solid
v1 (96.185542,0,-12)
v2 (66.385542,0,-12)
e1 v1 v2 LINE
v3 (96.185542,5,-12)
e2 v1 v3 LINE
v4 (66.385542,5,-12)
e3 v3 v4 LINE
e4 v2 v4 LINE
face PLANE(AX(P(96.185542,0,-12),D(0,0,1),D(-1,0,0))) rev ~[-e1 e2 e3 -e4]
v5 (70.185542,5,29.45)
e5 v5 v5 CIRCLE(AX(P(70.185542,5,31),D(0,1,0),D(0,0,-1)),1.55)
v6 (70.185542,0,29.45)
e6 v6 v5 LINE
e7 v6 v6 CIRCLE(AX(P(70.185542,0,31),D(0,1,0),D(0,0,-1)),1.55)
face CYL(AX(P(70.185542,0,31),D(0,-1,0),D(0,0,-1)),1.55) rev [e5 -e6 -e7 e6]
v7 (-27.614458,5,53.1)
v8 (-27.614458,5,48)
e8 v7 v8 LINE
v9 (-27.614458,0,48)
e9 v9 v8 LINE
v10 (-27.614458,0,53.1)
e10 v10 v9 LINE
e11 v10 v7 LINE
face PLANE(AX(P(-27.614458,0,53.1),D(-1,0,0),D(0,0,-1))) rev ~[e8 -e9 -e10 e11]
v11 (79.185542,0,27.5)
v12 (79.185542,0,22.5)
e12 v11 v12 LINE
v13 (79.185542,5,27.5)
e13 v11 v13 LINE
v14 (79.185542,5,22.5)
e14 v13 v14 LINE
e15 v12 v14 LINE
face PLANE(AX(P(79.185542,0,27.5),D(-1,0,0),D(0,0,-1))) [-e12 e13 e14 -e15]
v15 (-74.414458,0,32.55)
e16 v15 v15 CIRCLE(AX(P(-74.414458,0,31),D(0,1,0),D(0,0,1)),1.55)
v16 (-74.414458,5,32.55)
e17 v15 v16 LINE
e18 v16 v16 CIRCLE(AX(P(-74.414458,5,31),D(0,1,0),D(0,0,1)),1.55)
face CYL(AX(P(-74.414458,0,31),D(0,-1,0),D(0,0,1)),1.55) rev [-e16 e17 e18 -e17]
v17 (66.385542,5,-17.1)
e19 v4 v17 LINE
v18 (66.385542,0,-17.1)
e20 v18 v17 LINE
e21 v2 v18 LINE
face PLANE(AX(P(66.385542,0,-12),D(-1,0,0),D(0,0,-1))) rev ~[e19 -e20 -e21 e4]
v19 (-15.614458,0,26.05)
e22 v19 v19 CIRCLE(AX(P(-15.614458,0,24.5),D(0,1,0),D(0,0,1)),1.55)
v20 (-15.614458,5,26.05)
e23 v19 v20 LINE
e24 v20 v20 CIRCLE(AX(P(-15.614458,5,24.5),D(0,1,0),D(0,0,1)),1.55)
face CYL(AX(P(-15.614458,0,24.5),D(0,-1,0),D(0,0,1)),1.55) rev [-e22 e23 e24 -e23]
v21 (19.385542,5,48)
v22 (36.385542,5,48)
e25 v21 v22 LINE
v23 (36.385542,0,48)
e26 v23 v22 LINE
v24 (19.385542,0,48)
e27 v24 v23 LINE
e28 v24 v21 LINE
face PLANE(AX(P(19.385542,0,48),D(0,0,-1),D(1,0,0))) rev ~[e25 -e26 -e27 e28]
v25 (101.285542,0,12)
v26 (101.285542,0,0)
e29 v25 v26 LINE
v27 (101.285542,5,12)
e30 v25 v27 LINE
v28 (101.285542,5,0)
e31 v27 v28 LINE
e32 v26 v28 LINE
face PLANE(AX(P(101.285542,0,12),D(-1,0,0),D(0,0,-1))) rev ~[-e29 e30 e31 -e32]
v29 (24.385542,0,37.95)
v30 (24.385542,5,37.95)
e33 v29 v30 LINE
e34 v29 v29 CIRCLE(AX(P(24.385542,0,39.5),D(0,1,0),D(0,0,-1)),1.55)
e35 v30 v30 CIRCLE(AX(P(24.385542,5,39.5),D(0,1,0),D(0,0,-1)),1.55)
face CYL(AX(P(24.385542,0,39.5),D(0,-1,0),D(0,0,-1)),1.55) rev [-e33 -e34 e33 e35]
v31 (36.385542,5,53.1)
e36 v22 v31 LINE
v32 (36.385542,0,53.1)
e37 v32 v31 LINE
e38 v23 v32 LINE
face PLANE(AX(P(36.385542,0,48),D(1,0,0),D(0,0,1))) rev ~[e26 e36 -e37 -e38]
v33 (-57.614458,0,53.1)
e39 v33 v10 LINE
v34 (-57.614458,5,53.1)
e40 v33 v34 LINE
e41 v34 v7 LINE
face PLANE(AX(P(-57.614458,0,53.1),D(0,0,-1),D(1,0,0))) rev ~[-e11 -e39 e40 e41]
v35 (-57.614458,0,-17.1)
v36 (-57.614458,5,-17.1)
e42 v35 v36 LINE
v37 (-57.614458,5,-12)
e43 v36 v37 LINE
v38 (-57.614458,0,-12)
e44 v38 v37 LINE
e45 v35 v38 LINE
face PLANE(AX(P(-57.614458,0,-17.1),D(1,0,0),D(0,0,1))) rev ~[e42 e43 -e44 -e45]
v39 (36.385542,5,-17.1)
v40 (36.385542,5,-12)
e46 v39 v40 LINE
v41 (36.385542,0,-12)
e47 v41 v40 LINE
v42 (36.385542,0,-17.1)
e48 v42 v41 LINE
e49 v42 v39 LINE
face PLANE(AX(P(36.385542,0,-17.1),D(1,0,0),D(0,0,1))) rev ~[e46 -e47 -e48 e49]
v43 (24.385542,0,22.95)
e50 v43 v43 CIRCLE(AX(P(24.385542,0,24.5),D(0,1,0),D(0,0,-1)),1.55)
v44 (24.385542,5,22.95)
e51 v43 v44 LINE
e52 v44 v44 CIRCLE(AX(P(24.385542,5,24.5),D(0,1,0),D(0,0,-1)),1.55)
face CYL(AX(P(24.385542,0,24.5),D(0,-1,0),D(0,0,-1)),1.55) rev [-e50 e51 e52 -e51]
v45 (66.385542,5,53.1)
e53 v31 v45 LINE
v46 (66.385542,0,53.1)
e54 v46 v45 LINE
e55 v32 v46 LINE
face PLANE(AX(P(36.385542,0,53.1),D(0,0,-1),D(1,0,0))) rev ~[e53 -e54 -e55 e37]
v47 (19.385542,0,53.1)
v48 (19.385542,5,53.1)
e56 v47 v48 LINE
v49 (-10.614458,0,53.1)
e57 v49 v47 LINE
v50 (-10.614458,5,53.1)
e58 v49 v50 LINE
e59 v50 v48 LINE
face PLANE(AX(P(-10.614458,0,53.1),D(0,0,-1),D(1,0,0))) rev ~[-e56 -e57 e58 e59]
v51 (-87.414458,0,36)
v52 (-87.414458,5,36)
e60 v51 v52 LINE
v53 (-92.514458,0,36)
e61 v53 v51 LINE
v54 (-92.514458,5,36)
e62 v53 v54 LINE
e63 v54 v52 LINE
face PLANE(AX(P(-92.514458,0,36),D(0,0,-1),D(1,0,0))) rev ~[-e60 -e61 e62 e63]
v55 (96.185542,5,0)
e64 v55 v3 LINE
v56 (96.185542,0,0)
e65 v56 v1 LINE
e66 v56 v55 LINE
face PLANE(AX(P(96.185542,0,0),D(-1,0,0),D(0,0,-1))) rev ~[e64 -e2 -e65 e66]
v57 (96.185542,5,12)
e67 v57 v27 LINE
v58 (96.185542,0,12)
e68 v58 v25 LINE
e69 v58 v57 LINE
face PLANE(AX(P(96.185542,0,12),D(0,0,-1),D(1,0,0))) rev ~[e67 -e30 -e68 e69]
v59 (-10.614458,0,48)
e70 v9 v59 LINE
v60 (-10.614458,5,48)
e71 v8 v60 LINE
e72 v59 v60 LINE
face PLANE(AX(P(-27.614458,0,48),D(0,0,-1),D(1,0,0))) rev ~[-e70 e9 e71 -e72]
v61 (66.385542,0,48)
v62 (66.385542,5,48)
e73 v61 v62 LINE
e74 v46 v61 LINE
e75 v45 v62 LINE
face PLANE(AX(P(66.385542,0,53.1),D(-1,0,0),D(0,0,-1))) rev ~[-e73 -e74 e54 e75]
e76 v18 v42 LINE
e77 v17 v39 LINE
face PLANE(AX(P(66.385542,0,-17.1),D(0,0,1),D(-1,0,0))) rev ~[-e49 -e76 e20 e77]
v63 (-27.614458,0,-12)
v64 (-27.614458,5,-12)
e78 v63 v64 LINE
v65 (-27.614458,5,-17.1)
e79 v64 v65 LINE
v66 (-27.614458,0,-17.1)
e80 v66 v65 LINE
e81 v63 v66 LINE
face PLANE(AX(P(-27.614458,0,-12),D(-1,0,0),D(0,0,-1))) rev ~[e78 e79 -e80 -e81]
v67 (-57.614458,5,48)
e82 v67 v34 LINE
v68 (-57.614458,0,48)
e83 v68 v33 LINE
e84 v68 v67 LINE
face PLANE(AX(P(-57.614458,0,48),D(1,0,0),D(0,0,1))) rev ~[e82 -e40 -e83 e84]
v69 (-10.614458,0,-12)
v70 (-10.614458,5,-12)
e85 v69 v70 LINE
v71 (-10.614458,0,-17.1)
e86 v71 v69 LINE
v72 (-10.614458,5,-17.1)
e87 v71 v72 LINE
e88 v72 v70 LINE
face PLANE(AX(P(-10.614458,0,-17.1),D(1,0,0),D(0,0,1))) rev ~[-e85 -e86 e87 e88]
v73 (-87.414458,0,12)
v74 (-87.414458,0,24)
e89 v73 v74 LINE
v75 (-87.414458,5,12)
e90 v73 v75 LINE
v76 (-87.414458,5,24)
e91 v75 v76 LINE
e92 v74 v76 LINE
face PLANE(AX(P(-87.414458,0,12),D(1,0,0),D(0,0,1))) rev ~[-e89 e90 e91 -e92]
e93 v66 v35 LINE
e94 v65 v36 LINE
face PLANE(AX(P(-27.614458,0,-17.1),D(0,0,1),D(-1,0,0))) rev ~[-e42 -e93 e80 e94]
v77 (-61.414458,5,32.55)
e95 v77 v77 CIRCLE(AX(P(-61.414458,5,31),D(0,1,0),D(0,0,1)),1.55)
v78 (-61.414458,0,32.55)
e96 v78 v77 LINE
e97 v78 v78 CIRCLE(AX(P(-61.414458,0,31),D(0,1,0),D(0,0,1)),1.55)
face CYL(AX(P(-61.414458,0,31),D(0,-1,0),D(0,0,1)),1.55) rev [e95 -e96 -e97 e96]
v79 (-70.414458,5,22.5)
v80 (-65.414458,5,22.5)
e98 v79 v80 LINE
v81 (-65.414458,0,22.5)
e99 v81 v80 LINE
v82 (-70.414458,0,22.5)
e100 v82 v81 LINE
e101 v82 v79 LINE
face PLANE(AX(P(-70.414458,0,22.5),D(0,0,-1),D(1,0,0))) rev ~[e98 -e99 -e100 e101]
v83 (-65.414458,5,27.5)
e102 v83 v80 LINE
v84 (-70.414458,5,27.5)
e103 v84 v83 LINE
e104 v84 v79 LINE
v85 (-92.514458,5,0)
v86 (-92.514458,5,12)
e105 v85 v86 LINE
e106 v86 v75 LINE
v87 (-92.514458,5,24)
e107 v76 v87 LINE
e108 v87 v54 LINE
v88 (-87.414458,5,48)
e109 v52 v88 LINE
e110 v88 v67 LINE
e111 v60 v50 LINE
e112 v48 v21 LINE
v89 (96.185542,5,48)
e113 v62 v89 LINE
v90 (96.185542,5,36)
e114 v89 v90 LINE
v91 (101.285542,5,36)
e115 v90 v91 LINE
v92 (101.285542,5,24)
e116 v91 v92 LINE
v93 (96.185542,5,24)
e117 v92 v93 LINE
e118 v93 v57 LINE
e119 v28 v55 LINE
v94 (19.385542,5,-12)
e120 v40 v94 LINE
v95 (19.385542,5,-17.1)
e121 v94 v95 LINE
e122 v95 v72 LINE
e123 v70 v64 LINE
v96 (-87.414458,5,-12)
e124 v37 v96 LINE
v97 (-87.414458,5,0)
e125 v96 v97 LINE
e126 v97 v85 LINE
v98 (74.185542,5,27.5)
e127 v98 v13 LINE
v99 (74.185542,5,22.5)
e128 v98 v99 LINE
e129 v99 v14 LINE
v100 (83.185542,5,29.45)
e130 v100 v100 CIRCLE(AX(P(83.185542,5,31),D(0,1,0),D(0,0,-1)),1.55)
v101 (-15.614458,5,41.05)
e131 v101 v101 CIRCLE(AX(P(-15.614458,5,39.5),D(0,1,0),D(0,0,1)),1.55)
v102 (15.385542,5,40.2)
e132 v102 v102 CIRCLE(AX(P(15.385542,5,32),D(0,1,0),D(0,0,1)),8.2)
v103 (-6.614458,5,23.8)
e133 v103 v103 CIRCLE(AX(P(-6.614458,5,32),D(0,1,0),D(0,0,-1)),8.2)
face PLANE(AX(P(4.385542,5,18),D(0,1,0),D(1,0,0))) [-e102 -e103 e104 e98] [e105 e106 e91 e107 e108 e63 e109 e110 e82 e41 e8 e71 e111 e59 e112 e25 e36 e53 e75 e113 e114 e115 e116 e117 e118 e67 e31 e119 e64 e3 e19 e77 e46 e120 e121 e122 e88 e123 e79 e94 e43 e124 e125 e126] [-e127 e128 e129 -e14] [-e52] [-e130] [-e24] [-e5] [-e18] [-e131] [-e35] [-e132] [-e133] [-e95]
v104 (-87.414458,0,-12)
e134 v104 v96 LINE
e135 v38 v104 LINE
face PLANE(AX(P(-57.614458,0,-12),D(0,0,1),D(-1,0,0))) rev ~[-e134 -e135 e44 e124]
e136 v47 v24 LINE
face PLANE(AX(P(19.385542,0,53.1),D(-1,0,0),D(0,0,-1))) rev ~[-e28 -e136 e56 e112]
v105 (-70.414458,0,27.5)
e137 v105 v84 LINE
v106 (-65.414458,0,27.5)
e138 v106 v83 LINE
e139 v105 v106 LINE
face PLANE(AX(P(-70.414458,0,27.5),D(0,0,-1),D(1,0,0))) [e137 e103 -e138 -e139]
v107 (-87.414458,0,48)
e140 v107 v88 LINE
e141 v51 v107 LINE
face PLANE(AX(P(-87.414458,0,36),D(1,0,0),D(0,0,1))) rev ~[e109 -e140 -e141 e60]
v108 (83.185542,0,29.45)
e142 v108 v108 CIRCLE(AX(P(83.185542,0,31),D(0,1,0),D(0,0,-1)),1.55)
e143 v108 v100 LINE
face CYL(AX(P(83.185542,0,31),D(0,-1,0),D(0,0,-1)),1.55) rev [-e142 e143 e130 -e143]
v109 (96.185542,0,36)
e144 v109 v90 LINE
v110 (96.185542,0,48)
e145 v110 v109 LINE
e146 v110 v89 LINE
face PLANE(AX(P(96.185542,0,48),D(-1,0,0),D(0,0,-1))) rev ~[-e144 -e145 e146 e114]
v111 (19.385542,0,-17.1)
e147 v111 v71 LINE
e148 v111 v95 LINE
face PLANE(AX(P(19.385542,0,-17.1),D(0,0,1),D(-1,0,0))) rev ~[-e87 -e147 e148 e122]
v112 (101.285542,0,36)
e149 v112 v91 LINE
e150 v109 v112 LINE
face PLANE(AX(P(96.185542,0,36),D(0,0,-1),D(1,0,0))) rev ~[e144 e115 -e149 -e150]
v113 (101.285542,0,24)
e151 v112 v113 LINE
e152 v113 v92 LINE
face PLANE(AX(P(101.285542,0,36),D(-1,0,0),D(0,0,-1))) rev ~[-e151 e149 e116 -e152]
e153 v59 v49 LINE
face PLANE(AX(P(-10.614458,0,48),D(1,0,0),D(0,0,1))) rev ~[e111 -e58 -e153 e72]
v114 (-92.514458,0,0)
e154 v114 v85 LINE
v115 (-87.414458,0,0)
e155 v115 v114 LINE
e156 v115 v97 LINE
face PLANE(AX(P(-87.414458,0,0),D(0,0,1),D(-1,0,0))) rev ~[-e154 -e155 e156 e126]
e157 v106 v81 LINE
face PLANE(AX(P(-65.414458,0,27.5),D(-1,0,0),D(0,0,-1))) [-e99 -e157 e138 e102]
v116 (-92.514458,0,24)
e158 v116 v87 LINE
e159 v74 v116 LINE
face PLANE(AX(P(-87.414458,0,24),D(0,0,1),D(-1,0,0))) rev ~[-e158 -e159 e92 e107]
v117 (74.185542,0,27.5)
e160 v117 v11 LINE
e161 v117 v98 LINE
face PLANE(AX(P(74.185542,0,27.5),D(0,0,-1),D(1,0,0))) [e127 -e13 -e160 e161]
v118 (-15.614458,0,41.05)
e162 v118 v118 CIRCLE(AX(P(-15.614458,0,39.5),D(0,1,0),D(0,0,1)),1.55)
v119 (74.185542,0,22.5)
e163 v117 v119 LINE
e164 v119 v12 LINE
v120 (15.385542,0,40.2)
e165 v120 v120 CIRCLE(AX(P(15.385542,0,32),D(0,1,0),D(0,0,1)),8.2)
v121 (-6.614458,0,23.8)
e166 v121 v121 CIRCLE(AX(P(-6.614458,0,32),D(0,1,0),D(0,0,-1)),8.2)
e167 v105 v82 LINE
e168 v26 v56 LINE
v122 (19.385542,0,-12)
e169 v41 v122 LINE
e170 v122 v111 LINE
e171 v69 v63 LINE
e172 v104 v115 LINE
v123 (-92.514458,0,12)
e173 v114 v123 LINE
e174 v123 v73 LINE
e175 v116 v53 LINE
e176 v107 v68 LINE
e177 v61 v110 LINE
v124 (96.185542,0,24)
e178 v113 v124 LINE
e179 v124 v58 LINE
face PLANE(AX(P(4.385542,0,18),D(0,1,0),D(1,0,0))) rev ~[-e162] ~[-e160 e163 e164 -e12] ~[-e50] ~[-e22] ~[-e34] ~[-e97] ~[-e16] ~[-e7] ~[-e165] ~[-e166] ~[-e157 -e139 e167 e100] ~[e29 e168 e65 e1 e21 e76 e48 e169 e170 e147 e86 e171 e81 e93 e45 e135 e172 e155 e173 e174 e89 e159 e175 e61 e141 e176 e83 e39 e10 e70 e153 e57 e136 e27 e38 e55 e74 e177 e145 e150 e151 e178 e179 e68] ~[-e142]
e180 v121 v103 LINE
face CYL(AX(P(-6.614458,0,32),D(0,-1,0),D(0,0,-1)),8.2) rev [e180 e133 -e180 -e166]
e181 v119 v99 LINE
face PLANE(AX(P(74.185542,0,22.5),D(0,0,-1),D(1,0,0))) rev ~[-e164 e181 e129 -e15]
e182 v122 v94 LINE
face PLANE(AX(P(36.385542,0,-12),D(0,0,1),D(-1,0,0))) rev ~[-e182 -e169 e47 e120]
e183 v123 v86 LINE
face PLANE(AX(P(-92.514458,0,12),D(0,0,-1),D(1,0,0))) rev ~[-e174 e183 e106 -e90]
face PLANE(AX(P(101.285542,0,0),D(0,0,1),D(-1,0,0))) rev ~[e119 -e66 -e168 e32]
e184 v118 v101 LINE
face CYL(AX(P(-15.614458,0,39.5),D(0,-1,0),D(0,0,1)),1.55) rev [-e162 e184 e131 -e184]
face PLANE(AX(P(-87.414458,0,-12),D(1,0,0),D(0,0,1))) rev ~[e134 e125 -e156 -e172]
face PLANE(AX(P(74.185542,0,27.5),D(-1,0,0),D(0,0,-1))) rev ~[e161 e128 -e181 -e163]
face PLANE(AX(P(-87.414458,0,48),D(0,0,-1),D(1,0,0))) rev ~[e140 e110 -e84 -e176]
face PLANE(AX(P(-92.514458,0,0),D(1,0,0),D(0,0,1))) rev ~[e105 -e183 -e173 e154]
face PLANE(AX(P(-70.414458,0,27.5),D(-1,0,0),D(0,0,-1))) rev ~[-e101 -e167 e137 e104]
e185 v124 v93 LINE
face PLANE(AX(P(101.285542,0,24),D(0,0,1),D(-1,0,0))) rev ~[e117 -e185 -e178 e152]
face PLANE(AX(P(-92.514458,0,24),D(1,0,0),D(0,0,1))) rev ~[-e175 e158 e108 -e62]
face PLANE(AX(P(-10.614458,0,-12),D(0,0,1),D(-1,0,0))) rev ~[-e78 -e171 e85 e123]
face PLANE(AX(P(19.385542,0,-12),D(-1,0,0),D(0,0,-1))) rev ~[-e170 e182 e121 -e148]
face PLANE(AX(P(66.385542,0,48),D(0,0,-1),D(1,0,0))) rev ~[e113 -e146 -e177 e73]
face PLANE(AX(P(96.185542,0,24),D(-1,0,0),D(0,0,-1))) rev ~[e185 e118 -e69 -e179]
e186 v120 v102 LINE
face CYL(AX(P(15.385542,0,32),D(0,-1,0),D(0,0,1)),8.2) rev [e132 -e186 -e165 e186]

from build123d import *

# Parameters (mm, degrees)
SKETCH1_R           = 8.2
SKETCH1_R_2         = 1.55
SKETCH1_W           = 5
SKETCH1_H           = 5
BOSS_EXTRUDE1_DEPTH = 5


with BuildPart() as part:
    # Sketch1 → Boss-Extrude1 (new body)
    with BuildSketch(Plane(origin=(0, 0, 0), x_dir=(1, 0, 0), z_dir=(0, 1, 0))):
        Polygon((-87.414457831, -48), (-57.614457831, -48), (-57.614457831, -53.1), (-27.614457831, -53.1), (-27.614457831, -48), (-10.614457831, -48), (-10.614457831, -53.1), (19.385542169, -53.1), (19.385542169, -48), (36.385542169, -48), (36.385542169, -53.1), (66.385542169, -53.1), (66.385542169, -48), (96.185542169, -48), (96.185542169, -36), (101.285542169, -36), (101.285542169, -24), (96.185542169, -24), (96.185542169, -12), (101.285542169, -12), (101.285542169, 0), (96.185542169, 0), (96.185542169, 12), (66.385542169, 12), (66.385542169, 17.1), (36.385542169, 17.1), (36.385542169, 12), (19.385542169, 12), (19.385542169, 17.1), (-10.614457831, 17.1), (-10.614457831, 12), (-27.614457831, 12), (-27.614457831, 17.1), (-57.614457831, 17.1), (-57.614457831, 12), (-87.414457831, 12), (-87.414457831, 0), (-92.514457831, 0), (-92.514457831, -12), (-87.414457831, -12), (-87.414457831, -24), (-92.514457831, -24), (-92.514457831, -36), (-87.414457831, -36), align=None)
        with Locations(Location((15.385542169, -32, 0), (0, 0, 270))):
            Circle(SKETCH1_R, mode=Mode.SUBTRACT)
        with Locations(Location((-6.614457831, -32, 0), (0, 0, 90))):
            Circle(SKETCH1_R, mode=Mode.SUBTRACT)
        with Locations(Location((-15.614457831, -24.5, 0), (0, 0, 270))):
            Circle(SKETCH1_R_2, mode=Mode.SUBTRACT)
        with Locations(Location((-15.614457831, -39.5, 0), (0, 0, 270))):
            Circle(SKETCH1_R_2, mode=Mode.SUBTRACT)
        with Locations(Location((-74.414457831, -31, 0), (0, 0, 270))):
            Circle(SKETCH1_R_2, mode=Mode.SUBTRACT)
        with Locations(Location((-61.414457831, -31, 0), (0, 0, 270))):
            Circle(SKETCH1_R_2, mode=Mode.SUBTRACT)
        with Locations(Location((24.385542169, -39.5, 0), (0, 0, 90))):
            Circle(SKETCH1_R_2, mode=Mode.SUBTRACT)
        with Locations(Location((24.385542169, -24.5, 0), (0, 0, 90))):
            Circle(SKETCH1_R_2, mode=Mode.SUBTRACT)
        with Locations(Location((70.185542169, -31, 0), (0, 0, 90))):
            Circle(SKETCH1_R_2, mode=Mode.SUBTRACT)
        with Locations(Location((83.185542169, -31, 0), (0, 0, 90))):
            Circle(SKETCH1_R_2, mode=Mode.SUBTRACT)
        with Locations((-67.914457831, -25)):
            Rectangle(SKETCH1_W, SKETCH1_H, mode=Mode.SUBTRACT)
        with Locations((76.685542169, -25)):
            Rectangle(SKETCH1_W, SKETCH1_H, mode=Mode.SUBTRACT)
    extrude(amount=BOSS_EXTRUDE1_DEPTH)


solid = part.part
